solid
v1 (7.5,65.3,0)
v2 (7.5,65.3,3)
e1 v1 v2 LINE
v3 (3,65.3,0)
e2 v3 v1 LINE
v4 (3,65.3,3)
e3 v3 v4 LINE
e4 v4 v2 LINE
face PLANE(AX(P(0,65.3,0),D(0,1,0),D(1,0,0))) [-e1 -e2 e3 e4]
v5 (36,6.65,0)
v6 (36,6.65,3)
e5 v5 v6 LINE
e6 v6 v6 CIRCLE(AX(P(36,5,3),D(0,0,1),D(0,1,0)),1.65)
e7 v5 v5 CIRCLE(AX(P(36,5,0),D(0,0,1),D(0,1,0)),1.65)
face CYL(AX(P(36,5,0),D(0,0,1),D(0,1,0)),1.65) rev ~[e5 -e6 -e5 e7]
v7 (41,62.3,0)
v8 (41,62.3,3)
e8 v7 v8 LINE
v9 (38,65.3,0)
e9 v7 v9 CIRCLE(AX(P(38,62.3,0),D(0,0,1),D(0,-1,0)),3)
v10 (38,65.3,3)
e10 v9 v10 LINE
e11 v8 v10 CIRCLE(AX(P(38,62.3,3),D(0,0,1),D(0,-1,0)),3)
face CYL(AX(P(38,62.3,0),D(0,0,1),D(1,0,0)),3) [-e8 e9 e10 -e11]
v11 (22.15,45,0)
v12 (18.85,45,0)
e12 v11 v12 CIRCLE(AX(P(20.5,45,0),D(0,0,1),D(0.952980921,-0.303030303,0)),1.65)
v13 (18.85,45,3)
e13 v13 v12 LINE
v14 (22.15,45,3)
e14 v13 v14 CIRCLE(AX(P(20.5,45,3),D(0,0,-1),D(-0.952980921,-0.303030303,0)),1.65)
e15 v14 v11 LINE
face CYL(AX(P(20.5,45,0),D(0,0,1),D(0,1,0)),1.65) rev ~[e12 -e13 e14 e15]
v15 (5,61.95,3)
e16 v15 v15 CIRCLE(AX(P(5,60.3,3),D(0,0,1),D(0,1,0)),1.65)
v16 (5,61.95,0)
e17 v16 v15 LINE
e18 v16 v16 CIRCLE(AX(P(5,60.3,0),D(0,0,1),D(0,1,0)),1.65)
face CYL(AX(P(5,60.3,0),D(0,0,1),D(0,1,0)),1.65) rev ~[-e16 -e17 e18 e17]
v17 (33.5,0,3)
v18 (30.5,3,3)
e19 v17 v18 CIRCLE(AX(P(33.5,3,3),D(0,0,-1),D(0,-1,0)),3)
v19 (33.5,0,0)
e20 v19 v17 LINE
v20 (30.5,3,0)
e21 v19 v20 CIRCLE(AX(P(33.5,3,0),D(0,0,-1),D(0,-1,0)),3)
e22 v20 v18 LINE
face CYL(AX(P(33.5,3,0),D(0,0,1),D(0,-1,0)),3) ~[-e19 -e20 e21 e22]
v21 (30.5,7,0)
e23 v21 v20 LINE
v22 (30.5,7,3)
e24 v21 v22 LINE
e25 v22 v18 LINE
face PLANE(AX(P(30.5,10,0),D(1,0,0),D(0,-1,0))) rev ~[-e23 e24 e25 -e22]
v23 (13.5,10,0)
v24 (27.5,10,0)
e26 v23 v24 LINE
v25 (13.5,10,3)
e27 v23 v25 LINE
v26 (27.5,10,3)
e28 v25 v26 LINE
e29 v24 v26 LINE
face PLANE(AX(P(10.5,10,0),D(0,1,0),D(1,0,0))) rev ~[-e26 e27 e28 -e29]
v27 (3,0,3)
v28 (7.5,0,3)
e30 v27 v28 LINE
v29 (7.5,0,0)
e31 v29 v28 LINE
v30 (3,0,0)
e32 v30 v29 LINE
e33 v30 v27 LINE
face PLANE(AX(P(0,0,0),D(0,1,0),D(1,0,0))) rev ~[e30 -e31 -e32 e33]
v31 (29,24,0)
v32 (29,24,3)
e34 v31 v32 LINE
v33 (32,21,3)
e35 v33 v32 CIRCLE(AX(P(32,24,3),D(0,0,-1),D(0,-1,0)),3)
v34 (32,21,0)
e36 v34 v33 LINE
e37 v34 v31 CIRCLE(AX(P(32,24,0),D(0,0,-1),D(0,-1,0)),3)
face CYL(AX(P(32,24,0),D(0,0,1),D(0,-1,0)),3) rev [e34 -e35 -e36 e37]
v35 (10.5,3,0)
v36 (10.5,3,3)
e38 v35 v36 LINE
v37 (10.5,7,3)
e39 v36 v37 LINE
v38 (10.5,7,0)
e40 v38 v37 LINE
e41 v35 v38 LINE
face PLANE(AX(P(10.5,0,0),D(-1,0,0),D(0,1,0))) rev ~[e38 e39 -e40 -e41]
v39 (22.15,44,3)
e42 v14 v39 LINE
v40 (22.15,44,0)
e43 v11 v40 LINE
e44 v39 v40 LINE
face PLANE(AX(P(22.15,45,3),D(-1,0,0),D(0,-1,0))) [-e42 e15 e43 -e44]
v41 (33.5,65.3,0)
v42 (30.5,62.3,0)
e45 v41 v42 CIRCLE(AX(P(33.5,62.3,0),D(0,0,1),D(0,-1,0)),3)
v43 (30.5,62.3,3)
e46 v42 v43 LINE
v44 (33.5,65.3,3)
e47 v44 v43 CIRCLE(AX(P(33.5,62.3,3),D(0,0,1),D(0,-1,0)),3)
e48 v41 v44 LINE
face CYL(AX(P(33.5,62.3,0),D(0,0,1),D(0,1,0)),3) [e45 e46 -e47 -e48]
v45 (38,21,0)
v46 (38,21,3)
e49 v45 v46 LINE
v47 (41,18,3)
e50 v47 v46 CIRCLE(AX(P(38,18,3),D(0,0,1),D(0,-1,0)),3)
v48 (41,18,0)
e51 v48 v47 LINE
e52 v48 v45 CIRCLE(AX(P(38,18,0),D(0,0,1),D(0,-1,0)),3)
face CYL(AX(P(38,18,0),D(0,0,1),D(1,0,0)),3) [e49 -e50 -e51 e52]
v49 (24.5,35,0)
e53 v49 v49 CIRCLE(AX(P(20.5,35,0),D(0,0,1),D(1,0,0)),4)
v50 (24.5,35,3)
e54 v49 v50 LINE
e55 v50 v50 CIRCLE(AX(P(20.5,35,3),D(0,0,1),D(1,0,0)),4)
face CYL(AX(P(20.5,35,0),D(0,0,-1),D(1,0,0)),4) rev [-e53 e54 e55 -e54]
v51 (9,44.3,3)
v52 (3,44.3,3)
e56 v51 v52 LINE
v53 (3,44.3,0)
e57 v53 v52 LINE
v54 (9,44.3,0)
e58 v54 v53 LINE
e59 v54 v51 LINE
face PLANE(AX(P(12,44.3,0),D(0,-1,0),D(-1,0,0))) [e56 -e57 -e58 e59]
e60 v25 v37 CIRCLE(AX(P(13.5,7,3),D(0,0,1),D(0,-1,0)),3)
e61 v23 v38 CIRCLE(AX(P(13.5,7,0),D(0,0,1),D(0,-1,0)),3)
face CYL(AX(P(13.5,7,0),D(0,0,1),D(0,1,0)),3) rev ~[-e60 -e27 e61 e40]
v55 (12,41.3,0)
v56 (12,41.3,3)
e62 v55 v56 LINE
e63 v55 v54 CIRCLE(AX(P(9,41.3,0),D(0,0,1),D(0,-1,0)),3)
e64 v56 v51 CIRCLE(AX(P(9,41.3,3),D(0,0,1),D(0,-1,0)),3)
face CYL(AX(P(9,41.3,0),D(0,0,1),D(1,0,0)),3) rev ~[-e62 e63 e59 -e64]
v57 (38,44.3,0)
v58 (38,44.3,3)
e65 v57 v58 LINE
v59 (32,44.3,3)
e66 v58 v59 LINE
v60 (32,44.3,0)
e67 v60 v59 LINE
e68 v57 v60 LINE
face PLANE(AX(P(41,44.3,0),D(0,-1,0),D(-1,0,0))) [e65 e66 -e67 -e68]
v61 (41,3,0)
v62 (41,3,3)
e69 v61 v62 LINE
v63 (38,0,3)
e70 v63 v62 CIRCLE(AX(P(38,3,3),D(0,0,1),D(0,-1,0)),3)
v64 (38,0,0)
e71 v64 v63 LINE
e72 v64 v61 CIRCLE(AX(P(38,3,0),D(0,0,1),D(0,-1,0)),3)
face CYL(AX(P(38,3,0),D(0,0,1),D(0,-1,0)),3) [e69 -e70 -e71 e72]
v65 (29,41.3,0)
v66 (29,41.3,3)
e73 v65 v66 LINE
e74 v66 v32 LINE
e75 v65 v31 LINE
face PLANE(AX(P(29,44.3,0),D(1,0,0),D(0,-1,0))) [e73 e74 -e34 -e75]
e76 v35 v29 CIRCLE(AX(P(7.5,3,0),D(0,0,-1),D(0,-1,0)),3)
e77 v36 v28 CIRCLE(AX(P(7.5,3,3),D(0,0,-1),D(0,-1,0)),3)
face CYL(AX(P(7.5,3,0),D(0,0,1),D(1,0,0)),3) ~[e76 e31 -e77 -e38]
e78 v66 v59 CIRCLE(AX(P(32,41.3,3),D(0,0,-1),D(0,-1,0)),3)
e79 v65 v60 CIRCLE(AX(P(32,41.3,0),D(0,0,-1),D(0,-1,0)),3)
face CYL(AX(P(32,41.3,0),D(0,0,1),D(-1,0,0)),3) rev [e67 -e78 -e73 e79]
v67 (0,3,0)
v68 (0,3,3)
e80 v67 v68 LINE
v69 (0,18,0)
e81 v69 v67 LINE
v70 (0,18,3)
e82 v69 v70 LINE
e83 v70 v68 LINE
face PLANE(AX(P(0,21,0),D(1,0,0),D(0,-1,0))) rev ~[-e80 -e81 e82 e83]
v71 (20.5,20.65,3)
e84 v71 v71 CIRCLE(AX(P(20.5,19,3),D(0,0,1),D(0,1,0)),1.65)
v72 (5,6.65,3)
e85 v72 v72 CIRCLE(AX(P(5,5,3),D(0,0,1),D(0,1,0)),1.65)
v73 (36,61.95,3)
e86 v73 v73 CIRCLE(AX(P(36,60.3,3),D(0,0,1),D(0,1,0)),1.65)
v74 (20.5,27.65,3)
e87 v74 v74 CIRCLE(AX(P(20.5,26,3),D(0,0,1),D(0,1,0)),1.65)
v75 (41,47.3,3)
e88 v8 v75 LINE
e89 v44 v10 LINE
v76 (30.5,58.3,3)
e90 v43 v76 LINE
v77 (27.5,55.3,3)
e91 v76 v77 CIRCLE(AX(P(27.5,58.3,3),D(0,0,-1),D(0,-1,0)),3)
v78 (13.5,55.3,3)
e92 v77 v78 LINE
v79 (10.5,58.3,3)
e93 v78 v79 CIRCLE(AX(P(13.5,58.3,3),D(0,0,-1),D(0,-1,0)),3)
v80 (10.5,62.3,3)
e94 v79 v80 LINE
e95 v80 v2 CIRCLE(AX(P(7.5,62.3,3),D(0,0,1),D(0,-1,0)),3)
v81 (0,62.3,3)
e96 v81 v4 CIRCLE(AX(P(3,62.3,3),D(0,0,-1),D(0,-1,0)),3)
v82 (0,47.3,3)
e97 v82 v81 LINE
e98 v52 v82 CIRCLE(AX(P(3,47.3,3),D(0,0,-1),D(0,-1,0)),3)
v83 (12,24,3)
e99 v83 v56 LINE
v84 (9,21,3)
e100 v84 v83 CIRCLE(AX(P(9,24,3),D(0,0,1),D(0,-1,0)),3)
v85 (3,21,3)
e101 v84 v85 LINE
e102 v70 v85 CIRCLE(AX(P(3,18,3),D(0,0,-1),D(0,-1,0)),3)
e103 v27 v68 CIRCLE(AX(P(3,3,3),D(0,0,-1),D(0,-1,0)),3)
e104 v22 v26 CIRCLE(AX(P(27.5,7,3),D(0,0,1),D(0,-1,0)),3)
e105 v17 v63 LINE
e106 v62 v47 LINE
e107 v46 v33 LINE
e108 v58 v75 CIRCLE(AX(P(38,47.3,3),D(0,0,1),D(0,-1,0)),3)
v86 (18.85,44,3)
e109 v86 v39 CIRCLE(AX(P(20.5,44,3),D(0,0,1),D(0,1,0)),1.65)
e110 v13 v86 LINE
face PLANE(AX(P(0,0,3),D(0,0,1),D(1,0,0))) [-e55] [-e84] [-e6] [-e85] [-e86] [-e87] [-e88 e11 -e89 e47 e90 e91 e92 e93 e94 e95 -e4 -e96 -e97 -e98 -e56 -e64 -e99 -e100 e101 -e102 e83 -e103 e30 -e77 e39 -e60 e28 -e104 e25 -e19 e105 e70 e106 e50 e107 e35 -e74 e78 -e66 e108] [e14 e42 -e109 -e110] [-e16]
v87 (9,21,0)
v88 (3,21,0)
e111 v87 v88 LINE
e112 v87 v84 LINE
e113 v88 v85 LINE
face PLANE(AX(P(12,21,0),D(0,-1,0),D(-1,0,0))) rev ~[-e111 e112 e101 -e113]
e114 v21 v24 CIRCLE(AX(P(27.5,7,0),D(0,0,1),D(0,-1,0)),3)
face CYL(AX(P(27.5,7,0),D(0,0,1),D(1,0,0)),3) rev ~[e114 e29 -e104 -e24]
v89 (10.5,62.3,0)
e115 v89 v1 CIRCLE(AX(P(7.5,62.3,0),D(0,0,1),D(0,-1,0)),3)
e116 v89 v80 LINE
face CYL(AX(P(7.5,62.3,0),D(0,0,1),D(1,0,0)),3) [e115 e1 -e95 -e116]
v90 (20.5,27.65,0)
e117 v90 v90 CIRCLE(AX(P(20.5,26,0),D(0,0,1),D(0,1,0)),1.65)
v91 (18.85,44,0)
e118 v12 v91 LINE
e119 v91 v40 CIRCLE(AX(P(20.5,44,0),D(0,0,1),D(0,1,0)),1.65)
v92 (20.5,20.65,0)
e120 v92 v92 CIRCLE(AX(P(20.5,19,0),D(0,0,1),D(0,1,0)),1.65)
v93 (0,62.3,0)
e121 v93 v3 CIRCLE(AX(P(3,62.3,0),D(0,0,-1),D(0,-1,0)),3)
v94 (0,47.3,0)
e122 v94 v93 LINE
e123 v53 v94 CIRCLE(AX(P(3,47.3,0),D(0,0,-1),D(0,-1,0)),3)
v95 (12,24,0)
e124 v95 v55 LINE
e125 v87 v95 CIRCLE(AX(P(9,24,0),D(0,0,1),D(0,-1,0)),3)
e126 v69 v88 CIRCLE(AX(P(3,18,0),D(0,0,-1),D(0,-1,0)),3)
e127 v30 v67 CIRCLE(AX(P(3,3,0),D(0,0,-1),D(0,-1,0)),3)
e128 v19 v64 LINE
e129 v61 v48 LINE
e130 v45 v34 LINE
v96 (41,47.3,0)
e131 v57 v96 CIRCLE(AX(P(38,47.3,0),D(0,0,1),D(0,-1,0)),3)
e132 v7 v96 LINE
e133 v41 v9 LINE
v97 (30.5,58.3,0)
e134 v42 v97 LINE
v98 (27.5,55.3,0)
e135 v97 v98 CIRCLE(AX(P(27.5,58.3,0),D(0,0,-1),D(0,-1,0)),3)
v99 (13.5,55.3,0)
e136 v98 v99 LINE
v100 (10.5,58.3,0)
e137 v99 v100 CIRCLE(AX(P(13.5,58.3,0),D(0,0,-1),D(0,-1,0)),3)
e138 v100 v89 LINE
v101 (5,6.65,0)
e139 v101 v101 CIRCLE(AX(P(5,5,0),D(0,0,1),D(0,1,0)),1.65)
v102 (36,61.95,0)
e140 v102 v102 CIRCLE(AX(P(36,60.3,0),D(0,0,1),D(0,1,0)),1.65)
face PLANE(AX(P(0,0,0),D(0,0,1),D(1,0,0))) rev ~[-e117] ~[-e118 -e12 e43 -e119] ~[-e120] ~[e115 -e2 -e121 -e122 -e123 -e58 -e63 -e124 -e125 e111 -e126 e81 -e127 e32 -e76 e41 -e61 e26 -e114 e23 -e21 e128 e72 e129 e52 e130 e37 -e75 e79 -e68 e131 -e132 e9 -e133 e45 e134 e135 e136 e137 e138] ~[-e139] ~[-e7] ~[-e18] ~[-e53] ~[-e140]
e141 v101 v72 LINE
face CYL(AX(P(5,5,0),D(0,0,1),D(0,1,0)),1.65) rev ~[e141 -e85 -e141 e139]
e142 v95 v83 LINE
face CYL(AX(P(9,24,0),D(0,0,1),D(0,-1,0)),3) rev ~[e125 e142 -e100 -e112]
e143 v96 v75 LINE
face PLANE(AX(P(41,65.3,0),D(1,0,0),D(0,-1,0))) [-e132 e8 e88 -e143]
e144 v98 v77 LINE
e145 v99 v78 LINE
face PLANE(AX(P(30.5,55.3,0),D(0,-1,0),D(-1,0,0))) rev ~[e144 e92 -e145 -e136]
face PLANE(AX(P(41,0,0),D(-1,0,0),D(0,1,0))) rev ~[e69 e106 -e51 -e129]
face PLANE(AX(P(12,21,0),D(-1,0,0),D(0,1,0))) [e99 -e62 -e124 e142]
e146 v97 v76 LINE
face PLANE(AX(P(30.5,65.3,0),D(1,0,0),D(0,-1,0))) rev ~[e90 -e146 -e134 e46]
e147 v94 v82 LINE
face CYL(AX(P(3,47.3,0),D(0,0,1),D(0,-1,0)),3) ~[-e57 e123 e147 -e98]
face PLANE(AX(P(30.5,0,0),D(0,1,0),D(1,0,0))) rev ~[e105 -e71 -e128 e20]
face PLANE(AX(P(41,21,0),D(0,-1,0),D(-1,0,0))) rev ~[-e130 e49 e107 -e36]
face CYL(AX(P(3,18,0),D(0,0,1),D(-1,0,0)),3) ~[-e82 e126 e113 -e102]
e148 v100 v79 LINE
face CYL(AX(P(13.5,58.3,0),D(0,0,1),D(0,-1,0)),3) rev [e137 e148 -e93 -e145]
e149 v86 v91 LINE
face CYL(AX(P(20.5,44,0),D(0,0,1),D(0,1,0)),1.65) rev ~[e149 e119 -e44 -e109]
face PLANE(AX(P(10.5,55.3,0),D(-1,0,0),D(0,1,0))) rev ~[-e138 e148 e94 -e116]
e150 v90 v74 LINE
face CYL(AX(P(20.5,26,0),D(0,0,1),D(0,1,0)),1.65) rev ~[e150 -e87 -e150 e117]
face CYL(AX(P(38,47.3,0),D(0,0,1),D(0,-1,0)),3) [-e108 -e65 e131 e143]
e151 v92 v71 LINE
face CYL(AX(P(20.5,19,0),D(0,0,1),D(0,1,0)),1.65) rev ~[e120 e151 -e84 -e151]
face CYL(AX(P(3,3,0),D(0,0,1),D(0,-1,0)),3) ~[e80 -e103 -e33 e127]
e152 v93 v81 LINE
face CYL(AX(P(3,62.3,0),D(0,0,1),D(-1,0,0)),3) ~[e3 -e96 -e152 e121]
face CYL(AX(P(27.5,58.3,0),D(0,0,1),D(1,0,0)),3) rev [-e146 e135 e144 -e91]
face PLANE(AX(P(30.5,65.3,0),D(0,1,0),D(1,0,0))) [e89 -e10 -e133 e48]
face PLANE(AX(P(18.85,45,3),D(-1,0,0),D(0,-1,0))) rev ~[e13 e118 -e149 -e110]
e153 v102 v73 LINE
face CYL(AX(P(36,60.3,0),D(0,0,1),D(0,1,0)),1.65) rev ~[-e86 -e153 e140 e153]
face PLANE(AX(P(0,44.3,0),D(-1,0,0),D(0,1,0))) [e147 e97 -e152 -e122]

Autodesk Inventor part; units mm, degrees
ref_plane "YZ Plane" through (0, 0, 0) normal (1, 0, 0) x (0, 1, 0)
ref_plane "XZ Plane" through (0, 0, 0) normal (0, 1, 0) x (-1, 0, 0)
ref_plane "XY Plane" through (0, 0, 0) normal (0, 0, 1) x (1, 0, 0)
sketch "Sketch1" plane through (0, 0, 0) normal (0, 0, 1) x (1, 0, 0)
  line L0 (41, 0) -> (41, 65.3) construction
  line L1 (0, 65.3) -> (0, 0) construction
  line L2 (41, 0) -> (41, 21)
  line L3 (0, 21) -> (0, 0)
  line L4 (41, 65.3) -> (41, 44.3)
  line L5 (0, 44.3) -> (0, 65.3)
  line L6 (29, 44.3) -> (29, 21)
  line L7 (12, 21) -> (12, 44.3)
  line L8 (41, 44.3) -> (29, 44.3)
  line L9 (12, 44.3) -> (0, 44.3)
  line L10 (41, 21) -> (29, 21)
  line L11 (12, 21) -> (0, 21)
  line L12 (30.5, 65.3) -> (30.5, 55.3)
  line L13 (30.5, 55.3) -> (10.5, 55.3)
  line L14 (10.5, 55.3) -> (10.5, 65.3)
  line L15 (41, 65.3) -> (30.5, 65.3) construction
  line L16 (10.5, 65.3) -> (0, 65.3) construction
  line L17 (0, 65.3) -> (10.5, 65.3)
  line L18 (30.5, 65.3) -> (41, 65.3)
  line L19 (10.5, 0) -> (10.5, 10)
  line L20 (10.5, 10) -> (30.5, 10)
  line L21 (30.5, 10) -> (30.5, 0)
  line L22 (0, 0) -> (10.5, 0) construction
  line L23 (30.5, 0) -> (41, 0) construction
  line L24 (0, 0) -> (10.5, 0)
  line L25 (30.5, 0) -> (41, 0)
  circle A0 centre (20.5, 35) radius 4
  point P0 (5, 60.3)
  point P1 (36, 60.3)
  point P2 (5, 5)
  point P3 (36, 5)
  point P4 (20.5, 44)
  point P5 (20.5, 26)
  point P6 (20.5, 19)
  point P7 (20.5, 45)
  dimension "d0" = 41
  dimension "d1" = 65.3
  dimension "d2" = 21
  dimension "d3" = 21
  dimension "d4" = 12
  dimension "d5" = 9
  dimension "d6" = 9
  dimension "d7" = 7
  dimension "d8" = 1
  dimension "d9" = 5
  dimension "d11" = 5
  dimension "d12" = 41
  dimension "d13" = 41
  dimension "d14" = 12
  dimension "d15" = 10.5
  dimension "d16" = 10.5
  dimension "d17" = 8
  dimension "d18" = 20.5
  dimension "d19" = 5
  dimension "d20" = 5
extrude "Extrusion1" add sketch "Sketch1" along normal blind 3
sketch "Sketch2" plane through (0, 0, 0) normal (0, 0, 1) x (1, 0, 0)
  line L0 (41, 0) -> (41, 65.3) construction
  line L1 (0, 65.3) -> (0, 0) construction
  line L2 (41, 0) -> (41, 21)
  line L3 (0, 21) -> (0, 0)
  line L4 (41, 65.3) -> (41, 44.3)
  line L5 (0, 44.3) -> (0, 65.3)
  line L6 (29, 44.3) -> (29, 21)
  line L7 (12, 21) -> (12, 44.3)
  line L8 (41, 44.3) -> (29, 44.3)
  line L9 (12, 44.3) -> (0, 44.3)
  line L10 (41, 21) -> (29, 21)
  line L11 (12, 21) -> (0, 21)
  line L12 (30.5, 65.3) -> (30.5, 55.3)
  line L13 (30.5, 55.3) -> (10.5, 55.3)
  line L14 (10.5, 55.3) -> (10.5, 65.3)
  line L15 (41, 65.3) -> (30.5, 65.3) construction
  line L16 (10.5, 65.3) -> (0, 65.3) construction
  line L17 (0, 65.3) -> (10.5, 65.3)
  line L18 (30.5, 65.3) -> (41, 65.3)
  line L19 (10.5, 0) -> (10.5, 10)
  line L20 (10.5, 10) -> (30.5, 10)
  line L21 (30.5, 10) -> (30.5, 0)
  line L22 (0, 0) -> (10.5, 0) construction
  line L23 (30.5, 0) -> (41, 0) construction
  line L24 (0, 0) -> (10.5, 0)
  line L25 (30.5, 0) -> (41, 0)
  circle A0 centre (20.5, 35) radius 4
  point P0 (5, 60.3)
  point P1 (36, 60.3)
  point P2 (5, 5)
  point P3 (36, 5)
  point P4 (20.5, 44)
  point P5 (20.5, 26)
  point P6 (20.5, 19)
  point P7 (20.5, 45)
  dimension "d21" = 41
  dimension "d22" = 65.3
  dimension "d23" = 21
  dimension "d24" = 21
  dimension "d25" = 12
  dimension "d28" = 7
  dimension "d29" = 1
  dimension "d30" = 5
  dimension "d31" = 5
  dimension "d32" = 41
  dimension "d33" = 41
  dimension "d34" = 12
  dimension "d35" = 10.5
  dimension "d36" = 10.5
  dimension "d37" = 8
  dimension "d38" = 20.5
  dimension "d39" = 5
  dimension "d40" = 5
hole "Hole1" at (5, 60.3, 0) at (36, 60.3, 0) at (5, 5, 0) at (36, 5, 0) at (20.5, 44, 0) at (20.5, 26, 0) at (20.5, 19, 0) at (20.5, 45, 0) direction (0, 0, 1) diameter 3.3 end through all
fillet "Fillet1" radius 3 20 edges at (10.5, 65.3, 1.5) (0, 65.3, 1.5) (0, 44.3, 1.5) (12, 44.3, 1.5) (12, 21, 1.5) (0, 21, 1.5) (0, 0, 1.5) (10.5, 0, 1.5) (10.5, 10, 1.5) (30.5, 10, 1.5) (30.5, 0, 1.5) (41, 0, 1.5) (41, 21, 1.5) (29, 21, 1.5) (29, 44.3, 1.5) (41, 44.3, 1.5) (41, 65.3, 1.5) (30.5, 65.3, 1.5) (30.5, 55.3, 1.5) (10.5, 55.3, 1.5)
sketch "Sketch3" plane through (0, 0, 3) normal (0, 0, 1) x (1, 0, 0)
  line L0 (22.15, 45) -> (22.15, 44)
  arc A0 (18.9276, 44.5) -> (22.0724, 44.5) centre (20.5, 44) ccw projected
  arc A1 (22.0724, 44.5) -> (18.9276, 44.5) centre (20.5, 45) ccw projected
  line L1 (18.85, 45) -> (18.85, 44)
  point P0 (0, 0)
extrude "Extrusion2" cut sketch "Sketch3" against normal blind 3 contours L0 A0 A1 | A1 A0 L1
sketch "Sketch4" plane through (0, 0, 3) normal (0, 0, 1) x (1, 0, 0)
  circle A0 centre (20.5, 35) radius 4 projected
  circle A1 centre (20.5, 26) radius 1.65 projected
  circle A2 centre (36, 5) radius 1.65 projected
  circle A3 centre (36, 60.3) radius 1.65 projected
  circle A4 centre (5, 60.3) radius 1.65 projected
  circle A5 centre (5, 5) radius 1.65 projected
  line L0 (22.15, 45) -> (22.15, 44) projected
  arc A6 (18.85, 44) -> (22.15, 44) centre (20.5, 44) ccw projected
  line L1 (18.85, 44) -> (18.85, 45) projected
  arc A7 (22.15, 45) -> (18.85, 45) centre (20.5, 45) ccw projected
  circle A8 centre (20.5, 19) radius 1.65 projected
  arc A9 (33.5, 65.3) -> (30.5, 62.3) centre (33.5, 62.3) ccw projected
  line L2 (30.5, 62.3) -> (30.5, 58.3) projected
  arc A10 (27.5, 55.3) -> (30.5, 58.3) centre (27.5, 58.3) ccw projected
  line L3 (27.5, 55.3) -> (13.5, 55.3) projected
  arc A11 (10.5, 58.3) -> (13.5, 55.3) centre (13.5, 58.3) ccw projected
  line L4 (10.5, 58.3) -> (10.5, 62.3) projected
  arc A12 (10.5, 62.3) -> (7.5, 65.3) centre (7.5, 62.3) ccw projected
  line L5 (7.5, 65.3) -> (3, 65.3) projected
  arc A13 (3, 65.3) -> (0, 62.3) centre (3, 62.3) ccw projected
  line L6 (0, 62.3) -> (0, 47.3) projected
  arc A14 (0, 47.3) -> (3, 44.3) centre (3, 47.3) ccw projected
  line L7 (3, 44.3) -> (9, 44.3) projected
  arc A15 (12, 41.3) -> (9, 44.3) centre (9, 41.3) ccw projected
  line L8 (12, 41.3) -> (12, 24) projected
  arc A16 (9, 21) -> (12, 24) centre (9, 24) ccw projected
  line L9 (9, 21) -> (3, 21) projected
  arc A17 (3, 21) -> (0, 18) centre (3, 18) ccw projected
  line L10 (0, 18) -> (0, 3) projected
  arc A18 (0, 3) -> (3, 0) centre (3, 3) ccw projected
  line L11 (3, 0) -> (7.5, 0) projected
  arc A19 (7.5, 0) -> (10.5, 3) centre (7.5, 3) ccw projected
  line L12 (10.5, 3) -> (10.5, 7) projected
  arc A20 (13.5, 10) -> (10.5, 7) centre (13.5, 7) ccw projected
  line L13 (13.5, 10) -> (27.5, 10) projected
  arc A21 (30.5, 7) -> (27.5, 10) centre (27.5, 7) ccw projected
  line L14 (30.5, 7) -> (30.5, 3) projected
  arc A22 (30.5, 3) -> (33.5, 0) centre (33.5, 3) ccw projected
  line L15 (33.5, 0) -> (38, 0) projected
  arc A23 (38, 0) -> (41, 3) centre (38, 3) ccw projected
  line L16 (41, 3) -> (41, 18) projected
  arc A24 (41, 18) -> (38, 21) centre (38, 18) ccw projected
  line L17 (38, 21) -> (32, 21) projected
  arc A25 (29, 24) -> (32, 21) centre (32, 24) ccw projected
  line L18 (29, 24) -> (29, 41.3) projected
  arc A26 (32, 44.3) -> (29, 41.3) centre (32, 41.3) ccw projected
  line L19 (32, 44.3) -> (38, 44.3) projected
  arc A27 (38, 44.3) -> (41, 47.3) centre (38, 47.3) ccw projected
  line L20 (41, 47.3) -> (41, 62.3) projected
  arc A28 (41, 62.3) -> (38, 65.3) centre (38, 62.3) ccw projected
  line L21 (38, 65.3) -> (33.5, 65.3) projected
  point P0 (0, 0)
properties part number "TapaInferior"
